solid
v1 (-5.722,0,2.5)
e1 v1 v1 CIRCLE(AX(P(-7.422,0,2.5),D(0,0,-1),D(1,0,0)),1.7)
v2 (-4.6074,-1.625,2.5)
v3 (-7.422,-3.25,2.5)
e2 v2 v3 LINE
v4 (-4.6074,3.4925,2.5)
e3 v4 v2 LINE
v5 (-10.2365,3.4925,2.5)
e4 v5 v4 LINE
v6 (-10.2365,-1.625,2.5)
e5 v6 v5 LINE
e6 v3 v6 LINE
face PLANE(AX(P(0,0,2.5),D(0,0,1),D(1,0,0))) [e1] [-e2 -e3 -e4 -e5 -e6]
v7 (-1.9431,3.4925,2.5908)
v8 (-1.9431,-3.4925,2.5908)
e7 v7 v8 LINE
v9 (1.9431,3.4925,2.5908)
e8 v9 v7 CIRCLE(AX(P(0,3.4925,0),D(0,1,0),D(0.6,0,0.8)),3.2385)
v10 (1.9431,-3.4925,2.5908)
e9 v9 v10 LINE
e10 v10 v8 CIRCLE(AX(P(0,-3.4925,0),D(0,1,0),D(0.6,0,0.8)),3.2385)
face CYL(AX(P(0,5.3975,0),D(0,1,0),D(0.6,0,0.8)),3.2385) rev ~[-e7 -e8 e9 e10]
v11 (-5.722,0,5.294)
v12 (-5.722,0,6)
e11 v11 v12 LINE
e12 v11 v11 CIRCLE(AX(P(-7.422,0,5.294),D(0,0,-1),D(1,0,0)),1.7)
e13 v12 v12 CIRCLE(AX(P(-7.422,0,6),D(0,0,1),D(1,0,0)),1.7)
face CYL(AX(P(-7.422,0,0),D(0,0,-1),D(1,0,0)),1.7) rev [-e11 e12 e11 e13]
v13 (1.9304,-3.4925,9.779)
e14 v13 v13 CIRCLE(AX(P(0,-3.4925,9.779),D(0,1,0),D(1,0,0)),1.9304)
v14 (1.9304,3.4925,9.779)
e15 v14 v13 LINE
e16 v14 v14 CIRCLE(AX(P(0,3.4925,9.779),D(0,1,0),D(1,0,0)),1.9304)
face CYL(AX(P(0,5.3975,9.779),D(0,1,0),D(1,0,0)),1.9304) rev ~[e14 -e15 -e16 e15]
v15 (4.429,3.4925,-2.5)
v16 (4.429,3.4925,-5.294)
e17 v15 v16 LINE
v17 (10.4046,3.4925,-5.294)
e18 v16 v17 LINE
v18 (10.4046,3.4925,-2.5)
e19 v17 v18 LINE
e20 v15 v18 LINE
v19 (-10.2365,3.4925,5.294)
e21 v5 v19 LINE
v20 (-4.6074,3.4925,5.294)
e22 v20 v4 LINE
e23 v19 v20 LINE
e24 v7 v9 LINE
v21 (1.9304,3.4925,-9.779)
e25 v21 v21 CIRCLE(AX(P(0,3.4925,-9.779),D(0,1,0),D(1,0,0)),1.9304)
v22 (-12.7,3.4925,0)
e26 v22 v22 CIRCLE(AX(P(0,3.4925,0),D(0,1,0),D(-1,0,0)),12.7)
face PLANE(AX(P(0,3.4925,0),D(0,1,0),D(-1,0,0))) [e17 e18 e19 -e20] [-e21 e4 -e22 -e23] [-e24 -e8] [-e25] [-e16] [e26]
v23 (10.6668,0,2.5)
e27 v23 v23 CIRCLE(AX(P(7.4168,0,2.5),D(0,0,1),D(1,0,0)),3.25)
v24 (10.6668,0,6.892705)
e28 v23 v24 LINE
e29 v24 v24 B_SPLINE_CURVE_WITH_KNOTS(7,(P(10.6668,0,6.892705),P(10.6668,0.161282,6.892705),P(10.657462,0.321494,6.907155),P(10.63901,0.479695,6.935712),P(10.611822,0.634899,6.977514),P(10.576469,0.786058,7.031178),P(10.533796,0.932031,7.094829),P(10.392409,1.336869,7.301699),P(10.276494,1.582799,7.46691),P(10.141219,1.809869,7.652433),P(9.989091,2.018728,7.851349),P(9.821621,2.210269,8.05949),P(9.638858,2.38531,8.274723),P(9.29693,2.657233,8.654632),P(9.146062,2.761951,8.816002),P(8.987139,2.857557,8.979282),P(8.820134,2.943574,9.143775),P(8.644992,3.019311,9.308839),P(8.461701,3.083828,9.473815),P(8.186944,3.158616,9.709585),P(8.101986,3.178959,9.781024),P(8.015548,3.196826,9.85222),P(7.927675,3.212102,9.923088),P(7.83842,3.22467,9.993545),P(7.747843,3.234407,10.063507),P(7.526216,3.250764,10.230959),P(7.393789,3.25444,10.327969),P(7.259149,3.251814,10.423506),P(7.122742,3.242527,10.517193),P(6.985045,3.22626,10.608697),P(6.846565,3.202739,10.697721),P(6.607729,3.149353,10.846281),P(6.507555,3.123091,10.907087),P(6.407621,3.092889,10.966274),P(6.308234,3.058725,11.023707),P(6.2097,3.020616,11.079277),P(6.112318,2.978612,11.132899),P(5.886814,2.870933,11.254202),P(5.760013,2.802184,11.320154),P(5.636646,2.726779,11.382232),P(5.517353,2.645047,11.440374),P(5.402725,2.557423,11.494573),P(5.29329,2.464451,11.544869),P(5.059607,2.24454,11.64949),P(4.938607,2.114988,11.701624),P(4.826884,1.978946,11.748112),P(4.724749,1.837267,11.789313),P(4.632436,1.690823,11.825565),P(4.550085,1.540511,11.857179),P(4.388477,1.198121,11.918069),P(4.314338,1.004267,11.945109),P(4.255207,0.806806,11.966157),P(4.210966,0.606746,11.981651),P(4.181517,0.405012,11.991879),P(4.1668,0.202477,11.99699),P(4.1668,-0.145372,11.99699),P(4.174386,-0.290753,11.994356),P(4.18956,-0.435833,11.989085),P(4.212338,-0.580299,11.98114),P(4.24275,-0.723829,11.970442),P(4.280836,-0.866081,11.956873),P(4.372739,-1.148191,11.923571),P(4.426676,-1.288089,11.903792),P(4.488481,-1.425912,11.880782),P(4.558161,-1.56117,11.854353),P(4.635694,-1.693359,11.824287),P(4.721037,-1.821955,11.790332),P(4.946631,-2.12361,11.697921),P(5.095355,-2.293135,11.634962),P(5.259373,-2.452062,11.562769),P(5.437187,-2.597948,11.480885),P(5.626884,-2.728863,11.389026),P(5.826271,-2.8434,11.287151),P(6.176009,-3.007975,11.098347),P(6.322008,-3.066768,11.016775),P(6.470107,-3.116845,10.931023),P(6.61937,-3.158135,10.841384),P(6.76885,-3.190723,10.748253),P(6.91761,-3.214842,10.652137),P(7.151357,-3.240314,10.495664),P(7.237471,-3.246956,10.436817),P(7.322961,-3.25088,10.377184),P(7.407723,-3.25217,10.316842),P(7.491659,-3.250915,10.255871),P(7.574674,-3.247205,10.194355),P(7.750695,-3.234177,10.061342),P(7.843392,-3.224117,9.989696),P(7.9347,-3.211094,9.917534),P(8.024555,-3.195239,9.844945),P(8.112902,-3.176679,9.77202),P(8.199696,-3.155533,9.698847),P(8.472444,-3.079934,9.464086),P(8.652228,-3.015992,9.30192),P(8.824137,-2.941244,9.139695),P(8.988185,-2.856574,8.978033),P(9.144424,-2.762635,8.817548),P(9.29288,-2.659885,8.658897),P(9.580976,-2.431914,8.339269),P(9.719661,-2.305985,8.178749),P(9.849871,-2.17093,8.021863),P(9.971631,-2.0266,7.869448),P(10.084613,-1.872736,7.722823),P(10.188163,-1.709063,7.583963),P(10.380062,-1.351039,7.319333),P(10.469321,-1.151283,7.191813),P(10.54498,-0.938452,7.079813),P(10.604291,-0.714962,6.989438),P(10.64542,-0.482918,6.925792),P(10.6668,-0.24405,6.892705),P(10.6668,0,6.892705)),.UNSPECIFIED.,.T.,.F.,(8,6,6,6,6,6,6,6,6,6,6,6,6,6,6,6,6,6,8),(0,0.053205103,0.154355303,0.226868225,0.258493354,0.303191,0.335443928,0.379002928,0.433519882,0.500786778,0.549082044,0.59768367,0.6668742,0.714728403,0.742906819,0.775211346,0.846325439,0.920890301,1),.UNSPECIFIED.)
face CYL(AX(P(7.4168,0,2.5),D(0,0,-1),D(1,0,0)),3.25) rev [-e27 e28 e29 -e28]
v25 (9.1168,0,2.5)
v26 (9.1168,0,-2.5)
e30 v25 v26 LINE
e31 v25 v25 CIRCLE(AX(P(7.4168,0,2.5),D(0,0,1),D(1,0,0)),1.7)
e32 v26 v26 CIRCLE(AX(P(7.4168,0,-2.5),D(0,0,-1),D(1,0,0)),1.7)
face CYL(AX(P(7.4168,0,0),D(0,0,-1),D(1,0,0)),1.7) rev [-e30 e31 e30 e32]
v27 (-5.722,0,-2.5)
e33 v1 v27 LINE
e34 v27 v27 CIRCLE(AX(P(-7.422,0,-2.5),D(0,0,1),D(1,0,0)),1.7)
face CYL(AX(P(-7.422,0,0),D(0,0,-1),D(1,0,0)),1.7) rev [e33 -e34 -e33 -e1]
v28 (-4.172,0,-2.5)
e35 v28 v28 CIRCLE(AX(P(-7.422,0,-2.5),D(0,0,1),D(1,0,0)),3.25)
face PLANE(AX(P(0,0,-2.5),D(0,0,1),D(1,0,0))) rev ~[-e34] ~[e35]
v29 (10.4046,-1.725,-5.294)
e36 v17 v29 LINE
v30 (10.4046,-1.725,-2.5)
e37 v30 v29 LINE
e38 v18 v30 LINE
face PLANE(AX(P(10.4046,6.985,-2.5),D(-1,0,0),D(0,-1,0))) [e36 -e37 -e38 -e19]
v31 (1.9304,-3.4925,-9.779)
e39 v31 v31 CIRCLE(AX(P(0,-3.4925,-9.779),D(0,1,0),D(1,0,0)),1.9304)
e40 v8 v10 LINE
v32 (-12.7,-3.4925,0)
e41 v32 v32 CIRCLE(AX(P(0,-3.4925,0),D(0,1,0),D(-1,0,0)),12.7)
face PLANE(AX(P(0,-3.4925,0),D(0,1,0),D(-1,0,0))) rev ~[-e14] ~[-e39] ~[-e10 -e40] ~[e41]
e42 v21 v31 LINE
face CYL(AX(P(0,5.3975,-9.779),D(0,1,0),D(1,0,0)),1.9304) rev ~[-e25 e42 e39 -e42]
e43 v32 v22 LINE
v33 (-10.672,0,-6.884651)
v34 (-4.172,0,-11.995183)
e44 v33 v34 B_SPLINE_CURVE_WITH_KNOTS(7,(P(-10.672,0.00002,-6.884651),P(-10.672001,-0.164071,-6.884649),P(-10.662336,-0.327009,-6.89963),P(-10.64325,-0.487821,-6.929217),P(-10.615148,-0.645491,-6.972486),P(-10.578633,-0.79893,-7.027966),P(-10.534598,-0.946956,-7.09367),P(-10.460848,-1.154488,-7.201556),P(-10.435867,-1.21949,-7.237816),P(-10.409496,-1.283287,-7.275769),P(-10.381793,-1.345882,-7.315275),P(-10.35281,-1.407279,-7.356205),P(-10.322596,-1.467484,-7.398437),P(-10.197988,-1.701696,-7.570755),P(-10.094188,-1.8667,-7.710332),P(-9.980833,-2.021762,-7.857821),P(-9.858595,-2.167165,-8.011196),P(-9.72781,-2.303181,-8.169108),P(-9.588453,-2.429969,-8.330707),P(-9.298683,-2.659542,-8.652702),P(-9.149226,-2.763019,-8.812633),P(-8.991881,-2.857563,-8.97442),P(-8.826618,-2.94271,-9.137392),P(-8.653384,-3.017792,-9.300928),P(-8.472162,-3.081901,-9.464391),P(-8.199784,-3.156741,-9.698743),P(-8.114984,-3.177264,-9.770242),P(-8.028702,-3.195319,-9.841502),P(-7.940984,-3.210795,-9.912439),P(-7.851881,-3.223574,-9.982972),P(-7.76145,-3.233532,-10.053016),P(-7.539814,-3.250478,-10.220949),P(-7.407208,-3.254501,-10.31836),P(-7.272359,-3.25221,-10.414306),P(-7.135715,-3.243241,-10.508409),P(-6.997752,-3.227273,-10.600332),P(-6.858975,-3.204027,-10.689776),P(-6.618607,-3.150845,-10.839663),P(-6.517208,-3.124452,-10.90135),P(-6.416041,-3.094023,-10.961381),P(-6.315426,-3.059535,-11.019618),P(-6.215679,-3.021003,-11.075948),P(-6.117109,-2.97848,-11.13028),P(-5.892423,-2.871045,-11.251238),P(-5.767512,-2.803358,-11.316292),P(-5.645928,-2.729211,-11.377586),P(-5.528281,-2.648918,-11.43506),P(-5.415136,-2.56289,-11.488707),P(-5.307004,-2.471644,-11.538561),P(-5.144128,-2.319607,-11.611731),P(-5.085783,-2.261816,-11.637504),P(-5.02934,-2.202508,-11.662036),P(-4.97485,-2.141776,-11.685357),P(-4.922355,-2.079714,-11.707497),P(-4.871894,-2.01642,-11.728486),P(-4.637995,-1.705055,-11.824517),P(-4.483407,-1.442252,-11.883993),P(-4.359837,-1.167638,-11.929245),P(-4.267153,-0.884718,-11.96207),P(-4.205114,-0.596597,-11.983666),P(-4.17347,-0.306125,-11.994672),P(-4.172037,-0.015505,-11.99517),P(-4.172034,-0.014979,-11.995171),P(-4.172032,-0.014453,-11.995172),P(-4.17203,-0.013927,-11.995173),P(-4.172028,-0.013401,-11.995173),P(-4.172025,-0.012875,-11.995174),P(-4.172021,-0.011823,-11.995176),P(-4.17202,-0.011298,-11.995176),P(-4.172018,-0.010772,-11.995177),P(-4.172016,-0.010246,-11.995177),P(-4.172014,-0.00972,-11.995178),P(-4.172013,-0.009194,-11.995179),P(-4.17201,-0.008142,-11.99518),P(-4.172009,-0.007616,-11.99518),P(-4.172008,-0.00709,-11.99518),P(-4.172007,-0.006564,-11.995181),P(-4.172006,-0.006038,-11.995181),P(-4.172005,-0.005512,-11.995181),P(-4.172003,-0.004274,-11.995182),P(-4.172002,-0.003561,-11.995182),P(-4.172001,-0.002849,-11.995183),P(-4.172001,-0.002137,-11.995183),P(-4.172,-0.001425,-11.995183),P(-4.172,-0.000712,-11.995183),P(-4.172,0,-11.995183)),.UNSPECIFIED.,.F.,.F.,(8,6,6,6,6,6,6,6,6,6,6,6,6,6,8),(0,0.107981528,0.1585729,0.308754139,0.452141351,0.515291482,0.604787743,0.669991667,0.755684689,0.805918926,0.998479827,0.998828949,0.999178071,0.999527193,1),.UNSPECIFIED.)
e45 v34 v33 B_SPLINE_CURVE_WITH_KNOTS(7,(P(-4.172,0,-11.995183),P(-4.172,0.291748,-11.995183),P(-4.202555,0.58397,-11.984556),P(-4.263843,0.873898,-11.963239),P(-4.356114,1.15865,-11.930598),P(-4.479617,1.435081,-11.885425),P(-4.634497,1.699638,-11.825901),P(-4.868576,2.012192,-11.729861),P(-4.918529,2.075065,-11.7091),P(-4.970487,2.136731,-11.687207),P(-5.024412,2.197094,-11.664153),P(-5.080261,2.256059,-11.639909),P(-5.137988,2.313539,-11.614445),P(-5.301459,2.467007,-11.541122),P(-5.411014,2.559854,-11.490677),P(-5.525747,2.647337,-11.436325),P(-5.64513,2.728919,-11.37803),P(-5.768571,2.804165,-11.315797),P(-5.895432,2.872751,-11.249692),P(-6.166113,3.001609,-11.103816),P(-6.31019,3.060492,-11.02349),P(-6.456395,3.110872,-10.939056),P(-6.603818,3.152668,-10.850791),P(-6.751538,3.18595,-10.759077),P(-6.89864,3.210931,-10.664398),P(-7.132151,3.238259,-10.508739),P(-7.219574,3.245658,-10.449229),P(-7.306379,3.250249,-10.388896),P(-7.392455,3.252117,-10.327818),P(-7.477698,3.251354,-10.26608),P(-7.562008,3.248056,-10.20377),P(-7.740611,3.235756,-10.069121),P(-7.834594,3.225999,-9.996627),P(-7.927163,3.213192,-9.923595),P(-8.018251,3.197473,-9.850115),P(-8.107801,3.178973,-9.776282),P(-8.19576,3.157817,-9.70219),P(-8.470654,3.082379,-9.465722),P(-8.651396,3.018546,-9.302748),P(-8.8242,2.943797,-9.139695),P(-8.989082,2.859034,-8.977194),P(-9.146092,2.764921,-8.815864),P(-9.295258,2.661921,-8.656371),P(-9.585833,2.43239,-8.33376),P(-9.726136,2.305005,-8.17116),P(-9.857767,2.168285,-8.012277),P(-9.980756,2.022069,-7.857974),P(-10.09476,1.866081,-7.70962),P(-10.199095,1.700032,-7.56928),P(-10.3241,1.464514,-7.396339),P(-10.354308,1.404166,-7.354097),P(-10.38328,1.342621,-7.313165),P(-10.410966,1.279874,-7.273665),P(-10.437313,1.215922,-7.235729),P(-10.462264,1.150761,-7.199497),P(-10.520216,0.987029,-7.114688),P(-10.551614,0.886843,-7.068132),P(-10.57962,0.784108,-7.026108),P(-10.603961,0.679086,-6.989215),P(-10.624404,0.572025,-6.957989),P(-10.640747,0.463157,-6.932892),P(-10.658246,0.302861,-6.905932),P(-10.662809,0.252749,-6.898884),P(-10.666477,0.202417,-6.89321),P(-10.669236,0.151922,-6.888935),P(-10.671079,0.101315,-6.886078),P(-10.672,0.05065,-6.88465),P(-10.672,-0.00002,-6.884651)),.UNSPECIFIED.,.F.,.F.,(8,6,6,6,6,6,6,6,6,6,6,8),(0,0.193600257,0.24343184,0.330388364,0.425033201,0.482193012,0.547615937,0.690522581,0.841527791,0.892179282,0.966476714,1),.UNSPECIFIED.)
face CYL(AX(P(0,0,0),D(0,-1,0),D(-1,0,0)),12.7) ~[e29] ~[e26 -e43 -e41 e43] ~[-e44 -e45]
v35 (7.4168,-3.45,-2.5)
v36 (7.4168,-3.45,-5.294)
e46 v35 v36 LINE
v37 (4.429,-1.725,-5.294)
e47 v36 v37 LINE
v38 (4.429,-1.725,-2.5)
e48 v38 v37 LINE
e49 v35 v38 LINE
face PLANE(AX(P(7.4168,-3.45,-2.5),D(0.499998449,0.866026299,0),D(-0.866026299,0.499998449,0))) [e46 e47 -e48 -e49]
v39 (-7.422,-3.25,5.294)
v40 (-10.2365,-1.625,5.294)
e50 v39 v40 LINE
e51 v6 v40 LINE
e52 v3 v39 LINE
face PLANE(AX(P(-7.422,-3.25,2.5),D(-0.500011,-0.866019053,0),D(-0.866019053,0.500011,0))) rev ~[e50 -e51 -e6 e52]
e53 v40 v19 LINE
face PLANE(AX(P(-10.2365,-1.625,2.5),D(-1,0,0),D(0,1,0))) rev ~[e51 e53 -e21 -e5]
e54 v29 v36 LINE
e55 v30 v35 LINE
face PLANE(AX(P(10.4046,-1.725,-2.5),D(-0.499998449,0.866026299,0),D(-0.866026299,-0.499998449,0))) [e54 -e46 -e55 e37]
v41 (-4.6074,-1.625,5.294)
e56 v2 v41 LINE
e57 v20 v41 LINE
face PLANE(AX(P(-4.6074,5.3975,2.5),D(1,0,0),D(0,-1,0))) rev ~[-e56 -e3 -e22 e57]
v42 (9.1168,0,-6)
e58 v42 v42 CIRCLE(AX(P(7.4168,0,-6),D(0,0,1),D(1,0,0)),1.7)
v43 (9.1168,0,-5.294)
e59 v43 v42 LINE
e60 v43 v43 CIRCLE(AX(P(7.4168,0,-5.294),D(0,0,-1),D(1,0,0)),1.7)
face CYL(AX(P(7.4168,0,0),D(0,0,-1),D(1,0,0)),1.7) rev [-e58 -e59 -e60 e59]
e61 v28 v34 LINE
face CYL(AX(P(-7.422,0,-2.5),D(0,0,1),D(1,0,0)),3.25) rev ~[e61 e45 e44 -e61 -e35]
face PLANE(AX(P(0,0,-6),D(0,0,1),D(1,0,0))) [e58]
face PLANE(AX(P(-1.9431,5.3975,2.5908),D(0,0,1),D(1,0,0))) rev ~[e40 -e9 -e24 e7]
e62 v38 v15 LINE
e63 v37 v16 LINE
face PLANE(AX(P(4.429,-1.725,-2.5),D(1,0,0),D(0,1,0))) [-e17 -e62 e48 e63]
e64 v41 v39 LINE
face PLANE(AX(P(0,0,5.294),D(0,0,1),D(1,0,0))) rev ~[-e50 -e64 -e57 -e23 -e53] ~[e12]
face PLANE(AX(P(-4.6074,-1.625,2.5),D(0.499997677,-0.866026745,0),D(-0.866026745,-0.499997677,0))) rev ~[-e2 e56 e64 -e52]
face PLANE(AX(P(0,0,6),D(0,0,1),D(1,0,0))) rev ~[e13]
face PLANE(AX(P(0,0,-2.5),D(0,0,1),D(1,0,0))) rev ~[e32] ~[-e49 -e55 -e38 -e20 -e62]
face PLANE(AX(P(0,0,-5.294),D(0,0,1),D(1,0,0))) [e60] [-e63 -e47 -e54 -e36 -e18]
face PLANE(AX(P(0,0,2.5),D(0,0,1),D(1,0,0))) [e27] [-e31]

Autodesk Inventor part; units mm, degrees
sketch "Sketch1" plane through (0, 0, 0) normal (0, 1, 0) x (-1, 0, 0)
  circle A0 centre (0, 0) radius 12.7
  dimension "d75" = 25.4
extrude "Extrusion1" add sketch "Sketch1" along normal blind 3.4925 and the other way blind 3.4925
ref_plane "Work Plane1" through (0, 0, 2.5) normal (0, 0, 1) x (1, 0, 0)
ref_plane "Work Plane2" through (0, 0, -2.5) normal (0, 0, 1) x (1, 0, 0)
sketch "Sketch2" plane through (0, 0, 0) normal (0, 0, 1) x (1, 0, 0)
  circle A0 centre (7.4168, 0) radius 1.7
  circle A1 centre (-7.4168, 0) radius 1.7
  point P0 (0, 0)
  dimension "d5" = 3.4
  dimension "d6" = 7.4168
  dimension "d7" = 3.4
  dimension "d8" = 7.4168
extrude "Screw hole 2" cut sketch "Sketch2" along normal blind 2.5 and the other way blind 6 contours A0
sketch "Sketch3" plane through (0, 0, 2.5) normal (0, 0, 1) x (1, 0, 0)
  circle A0 centre (7.4168, 0) radius 1.7 projected
  circle A1 centre (7.4168, 0) radius 3.25
  point P0 (0, 0)
  dimension "d19" = 6.5
sketch "Sketch4" plane through (0, 0, -2.5) normal (0, 0, 1) x (1, 0, 0)
  circle A0 centre (7.4168, 0) radius 1.7 projected
  circle A1 centre (7.4168, 0) radius 3.45 construction
  line L0 (7.4168, -3.45) -> (4.429, -1.725)
  line L1 (4.429, -1.725) -> (4.429, 6.985)
  line L2 (10.4046, 6.985) -> (10.4046, -1.725)
  line L3 (10.4046, -1.725) -> (7.4168, -3.45)
  line L4 (10.4046, 6.985) -> (4.429, 6.985)
  point P0 (0, 0)
  dimension "d22" = 6.9
sketch "Sketch5" plane through (0, 0, -2.5) normal (0, 0, 1) x (1, 0, 0)
  circle A0 centre (-7.422, 0) radius 3.25
  point P0 (0, 0)
  dimension "d25" = 6.5
extrude "Access Hole 1" cut sketch "Sketch5" against normal through all
extrude "Access Hole 2" cut sketch "Sketch3" along normal through all contours A0 | A1
extrude "Nut well 2" cut sketch "Sketch4" against normal blind 2.794 contours A0 | L0 L1 L4 L2 L3
sketch "Sketch7" plane through (0, 0, 2.5) normal (0, 0, 1) x (1, 0, 0)
  circle A0 centre (-7.422, 0) radius 3.25 construction
  circle A1 centre (-7.422, 0) radius 3.45 construction
  line L0 (-7.422, -3.25) -> (-10.2365, -1.625)
  line L1 (-10.2365, -1.625) -> (-10.2365, 5.3975)
  line L2 (-4.6074, 5.3975) -> (-4.6074, -1.625)
  line L3 (-4.6074, -1.625) -> (-7.422, -3.25)
  line L4 (16.6201, 5.3975) -> (-16.6201, 5.3975) projected
  line L5 (-10.2365, 5.3975) -> (-4.6074, 5.3975)
  point P0 (0, 0)
  dimension "d48" = 6.9
extrude "Nut Well 1" cut sketch "Sketch7" along normal blind 2.794
sketch "Sketch8" plane through (0, 0, 0) normal (0, 0, 1) x (1, 0, 0)
  circle A0 centre (-7.422, 0) radius 3.25 projected
  circle A1 centre (-7.422, 0) radius 1.7
  point P0 (0, 0)
  dimension "d51" = 3.4
extrude "Screw Hole 1" cut sketch "Sketch8" along normal blind 6 and the other way blind 2.5 contours A1
ref_plane "Work Plane3" through (0, 5.3975, 0) normal (0, 1, 0) x (1, 0, 0)
sketch "Sketch9" plane through (0, 5.3975, 0) normal (0, 1, 0) x (1, 0, 0)
  arc A0 (1.9431, -2.5908) -> (-1.9431, -2.5908) centre (0, 0) ccw
  line L0 (-1.9431, -2.5908) -> (1.9431, -2.5908)
  dimension "d56" = 6.477
  dimension "d57" = 2.5908
extrude "Center shaft" cut sketch "Sketch9" against normal through all
ref_plane "Work Plane4" through (0, 5.3975, 0) normal (0, 1, 0) x (1, 0, 0)
sketch "Sketch10" plane through (0, 5.3975, 0) normal (0, 1, 0) x (1, 0, 0)
  circle A0 centre (0, 9.779) radius 1.9304
  circle A1 centre (0, -9.779) radius 1.9304
  point P0 (0, 0)
  point P1 (0, -8.001)
  dimension "d60" = 3.8608
  dimension "d61" = 9.779
  dimension "d62" = 3.8608
  dimension "d63" = 9.779
extrude "Wheel holes" cut sketch "Sketch10" against normal through all
equation "\"d63\" = d61"
properties part number "clamping hub .770 .25 D bore base"
